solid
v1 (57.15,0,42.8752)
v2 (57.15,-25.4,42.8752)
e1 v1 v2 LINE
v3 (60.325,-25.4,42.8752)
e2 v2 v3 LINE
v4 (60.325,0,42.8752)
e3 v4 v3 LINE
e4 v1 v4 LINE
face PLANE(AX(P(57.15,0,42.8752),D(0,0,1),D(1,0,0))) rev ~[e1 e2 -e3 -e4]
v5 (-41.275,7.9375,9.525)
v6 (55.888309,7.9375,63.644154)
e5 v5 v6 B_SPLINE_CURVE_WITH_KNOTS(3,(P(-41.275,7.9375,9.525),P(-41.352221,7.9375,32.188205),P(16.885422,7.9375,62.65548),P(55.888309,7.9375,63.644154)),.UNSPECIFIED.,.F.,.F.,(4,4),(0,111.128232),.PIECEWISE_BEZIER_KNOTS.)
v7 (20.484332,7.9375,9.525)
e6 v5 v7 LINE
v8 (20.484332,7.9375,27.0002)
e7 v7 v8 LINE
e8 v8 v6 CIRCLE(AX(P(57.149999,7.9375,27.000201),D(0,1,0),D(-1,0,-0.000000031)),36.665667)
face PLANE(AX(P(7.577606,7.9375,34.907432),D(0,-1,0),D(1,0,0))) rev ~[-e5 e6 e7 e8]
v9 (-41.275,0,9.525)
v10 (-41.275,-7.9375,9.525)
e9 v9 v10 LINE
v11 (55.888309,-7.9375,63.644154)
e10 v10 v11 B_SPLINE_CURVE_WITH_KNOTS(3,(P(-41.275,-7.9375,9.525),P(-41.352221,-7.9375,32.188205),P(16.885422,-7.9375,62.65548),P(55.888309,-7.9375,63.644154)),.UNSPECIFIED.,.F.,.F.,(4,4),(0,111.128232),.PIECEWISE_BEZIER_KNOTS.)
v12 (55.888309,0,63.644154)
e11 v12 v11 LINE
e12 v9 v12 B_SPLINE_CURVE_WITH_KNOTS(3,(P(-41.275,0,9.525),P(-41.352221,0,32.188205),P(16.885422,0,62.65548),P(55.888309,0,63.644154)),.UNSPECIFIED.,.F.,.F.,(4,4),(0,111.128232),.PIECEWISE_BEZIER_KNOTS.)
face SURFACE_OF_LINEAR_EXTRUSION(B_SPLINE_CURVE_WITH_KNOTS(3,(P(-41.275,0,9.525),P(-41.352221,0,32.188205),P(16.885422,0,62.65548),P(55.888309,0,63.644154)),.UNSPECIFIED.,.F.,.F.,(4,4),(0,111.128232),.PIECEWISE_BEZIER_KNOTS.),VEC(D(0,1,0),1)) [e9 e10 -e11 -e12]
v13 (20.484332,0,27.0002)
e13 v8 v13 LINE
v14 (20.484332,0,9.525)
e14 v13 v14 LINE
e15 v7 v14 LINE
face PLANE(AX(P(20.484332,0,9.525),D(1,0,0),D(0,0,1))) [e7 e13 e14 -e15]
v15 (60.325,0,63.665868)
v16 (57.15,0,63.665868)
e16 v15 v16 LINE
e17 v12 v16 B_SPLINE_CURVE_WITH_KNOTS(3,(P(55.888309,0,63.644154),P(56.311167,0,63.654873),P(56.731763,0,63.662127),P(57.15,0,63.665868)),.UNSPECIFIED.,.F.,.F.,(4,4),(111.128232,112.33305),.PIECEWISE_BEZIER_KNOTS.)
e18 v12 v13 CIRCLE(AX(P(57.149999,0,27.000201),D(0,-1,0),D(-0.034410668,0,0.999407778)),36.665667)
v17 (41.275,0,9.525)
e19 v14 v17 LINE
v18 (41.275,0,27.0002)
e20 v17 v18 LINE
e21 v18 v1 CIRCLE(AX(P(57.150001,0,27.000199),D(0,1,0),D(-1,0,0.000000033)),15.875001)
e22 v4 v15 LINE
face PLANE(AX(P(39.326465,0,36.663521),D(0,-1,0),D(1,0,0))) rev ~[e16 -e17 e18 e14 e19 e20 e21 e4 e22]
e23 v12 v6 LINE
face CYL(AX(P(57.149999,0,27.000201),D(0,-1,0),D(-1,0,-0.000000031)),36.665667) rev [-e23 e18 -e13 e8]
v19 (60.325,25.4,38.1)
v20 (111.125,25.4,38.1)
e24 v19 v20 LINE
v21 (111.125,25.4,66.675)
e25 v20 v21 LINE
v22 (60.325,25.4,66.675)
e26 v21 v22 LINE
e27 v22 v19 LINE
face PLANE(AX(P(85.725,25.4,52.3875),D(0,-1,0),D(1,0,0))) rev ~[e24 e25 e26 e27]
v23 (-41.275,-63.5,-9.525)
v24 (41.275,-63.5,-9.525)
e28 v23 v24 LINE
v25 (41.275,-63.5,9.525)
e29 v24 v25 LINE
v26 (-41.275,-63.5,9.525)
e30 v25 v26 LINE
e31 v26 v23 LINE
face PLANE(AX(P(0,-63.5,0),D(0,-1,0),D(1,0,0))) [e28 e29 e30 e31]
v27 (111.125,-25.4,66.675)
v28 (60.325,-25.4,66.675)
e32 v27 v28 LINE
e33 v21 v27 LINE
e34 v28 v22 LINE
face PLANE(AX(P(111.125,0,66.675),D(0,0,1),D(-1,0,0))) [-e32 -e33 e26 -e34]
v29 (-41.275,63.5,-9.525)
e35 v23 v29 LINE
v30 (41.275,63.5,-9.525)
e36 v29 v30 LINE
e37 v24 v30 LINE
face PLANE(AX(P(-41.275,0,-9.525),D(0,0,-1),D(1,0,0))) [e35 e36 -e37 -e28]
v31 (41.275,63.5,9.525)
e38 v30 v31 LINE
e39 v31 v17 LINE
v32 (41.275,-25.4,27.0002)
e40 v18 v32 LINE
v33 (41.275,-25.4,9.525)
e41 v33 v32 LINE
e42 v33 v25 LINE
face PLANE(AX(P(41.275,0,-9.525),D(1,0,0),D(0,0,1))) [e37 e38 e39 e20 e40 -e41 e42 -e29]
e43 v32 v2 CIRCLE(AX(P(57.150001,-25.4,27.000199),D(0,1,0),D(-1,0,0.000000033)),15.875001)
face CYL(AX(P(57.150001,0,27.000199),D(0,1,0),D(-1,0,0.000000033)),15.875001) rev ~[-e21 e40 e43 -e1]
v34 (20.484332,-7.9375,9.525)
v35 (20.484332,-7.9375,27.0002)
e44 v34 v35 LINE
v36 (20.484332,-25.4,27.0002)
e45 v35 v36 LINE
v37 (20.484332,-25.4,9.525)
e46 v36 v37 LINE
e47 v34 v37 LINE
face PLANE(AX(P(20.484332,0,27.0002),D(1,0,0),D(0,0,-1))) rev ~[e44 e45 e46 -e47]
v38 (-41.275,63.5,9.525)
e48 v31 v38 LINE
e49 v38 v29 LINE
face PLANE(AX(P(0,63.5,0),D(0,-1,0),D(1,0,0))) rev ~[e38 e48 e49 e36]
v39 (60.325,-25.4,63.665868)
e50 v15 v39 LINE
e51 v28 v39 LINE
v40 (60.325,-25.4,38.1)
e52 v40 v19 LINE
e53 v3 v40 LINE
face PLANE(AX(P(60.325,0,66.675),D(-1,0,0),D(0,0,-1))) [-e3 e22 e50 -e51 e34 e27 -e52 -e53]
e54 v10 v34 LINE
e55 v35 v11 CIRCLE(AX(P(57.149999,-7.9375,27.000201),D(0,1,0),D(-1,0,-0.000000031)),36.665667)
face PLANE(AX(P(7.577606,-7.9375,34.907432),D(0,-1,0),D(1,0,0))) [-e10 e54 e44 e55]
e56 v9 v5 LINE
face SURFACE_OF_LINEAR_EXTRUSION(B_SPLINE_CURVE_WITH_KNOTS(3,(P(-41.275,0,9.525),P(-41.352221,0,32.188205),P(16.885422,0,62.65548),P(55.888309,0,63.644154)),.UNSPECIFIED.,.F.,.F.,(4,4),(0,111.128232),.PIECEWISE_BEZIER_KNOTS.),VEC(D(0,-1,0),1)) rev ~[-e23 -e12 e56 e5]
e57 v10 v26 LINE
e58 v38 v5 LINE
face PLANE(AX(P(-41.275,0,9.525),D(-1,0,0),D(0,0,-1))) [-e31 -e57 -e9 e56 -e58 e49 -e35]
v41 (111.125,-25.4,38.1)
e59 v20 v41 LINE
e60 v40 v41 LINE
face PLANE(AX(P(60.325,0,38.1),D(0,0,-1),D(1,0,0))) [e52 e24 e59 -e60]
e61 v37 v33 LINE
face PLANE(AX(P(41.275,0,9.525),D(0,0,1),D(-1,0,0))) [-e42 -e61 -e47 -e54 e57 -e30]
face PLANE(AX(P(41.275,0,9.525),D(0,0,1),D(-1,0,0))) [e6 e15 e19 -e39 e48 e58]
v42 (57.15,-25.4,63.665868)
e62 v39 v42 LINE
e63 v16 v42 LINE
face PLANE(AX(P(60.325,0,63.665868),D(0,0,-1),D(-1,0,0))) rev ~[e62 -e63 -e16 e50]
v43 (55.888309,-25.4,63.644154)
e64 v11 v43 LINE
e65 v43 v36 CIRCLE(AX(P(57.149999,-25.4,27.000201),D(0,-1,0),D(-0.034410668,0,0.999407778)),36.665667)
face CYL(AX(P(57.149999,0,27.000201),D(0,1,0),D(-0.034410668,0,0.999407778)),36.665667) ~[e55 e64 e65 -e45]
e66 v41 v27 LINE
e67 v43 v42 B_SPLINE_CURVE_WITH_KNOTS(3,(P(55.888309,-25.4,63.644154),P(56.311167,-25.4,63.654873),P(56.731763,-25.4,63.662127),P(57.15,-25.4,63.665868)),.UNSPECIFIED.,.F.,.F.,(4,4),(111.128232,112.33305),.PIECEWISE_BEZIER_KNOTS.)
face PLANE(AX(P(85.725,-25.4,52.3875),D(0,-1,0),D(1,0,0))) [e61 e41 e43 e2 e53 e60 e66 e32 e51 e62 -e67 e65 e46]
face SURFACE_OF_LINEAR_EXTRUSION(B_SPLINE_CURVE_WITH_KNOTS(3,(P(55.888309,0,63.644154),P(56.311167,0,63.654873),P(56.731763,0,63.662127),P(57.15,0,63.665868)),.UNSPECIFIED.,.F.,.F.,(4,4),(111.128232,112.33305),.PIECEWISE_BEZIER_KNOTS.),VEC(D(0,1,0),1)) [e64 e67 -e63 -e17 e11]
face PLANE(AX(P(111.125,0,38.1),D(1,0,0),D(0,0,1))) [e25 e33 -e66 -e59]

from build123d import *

# Parameters (mm, degrees)
F1_DEPTH = 63.5
F2_DEPTH = 25.4
F3_DEPTH = 7.9375
F4_DEPTH = 25.4


with BuildPart() as f1:
    # F0 (on Front) → F1 (new body, symmetric)
    with BuildSketch(Plane.XZ):
        Polygon((41.275, -9.525), (41.275, 9.525), (20.484332, 9.525), (-41.275, 9.525), (-41.275, -9.525), align=None)
    extrude(amount=F1_DEPTH, both=True)

    # F0 (on Front) → F2 (join)
    with BuildSketch(Plane.XZ):
        with BuildLine():
            Line((20.484332, 9.525), (41.275, 9.525))
            Line((41.275, 9.525), (41.275, 27.0002))
            ThreePointArc((41.275, 27.0002), (45.92468, 38.22552), (57.15, 42.8752))
            Line((57.15, 42.8752), (60.325, 42.8752))
            Line((60.325, 42.8752), (60.325, 63.665868))
            Line((60.325, 63.665868), (57.15, 63.665868))
            add(Edge.make_bspline(
                [(55.888309, 63.644154), (56.311167, 63.654873), (56.731763, 63.662127), (57.15, 63.665868)],
                knots=[111.128232, 111.128232, 111.128232, 111.128232, 112.33305, 112.33305, 112.33305, 112.33305], degree=3))
            ThreePointArc((55.888309, 63.644154), (30.781155, 52.476763), (20.484332, 27.0002))
            Line((20.484332, 27.0002), (20.484332, 9.525))
        make_face()
    extrude(amount=F2_DEPTH)

    # F0 (on Front) → F3 (join, symmetric)
    with BuildSketch(Plane.XZ):
        with BuildLine():
            Line((-41.275, 9.525), (20.484332, 9.525))
            Line((20.484332, 9.525), (20.484332, 27.0002))
            ThreePointArc((20.484332, 27.0002), (30.781155, 52.476763), (55.888309, 63.644154))
            add(Edge.make_bspline(
                [(-41.275, 9.525), (-41.352221, 32.188205), (16.885422, 62.65548), (55.888309, 63.644154)],
                knots=[0, 0, 0, 0, 111.128232, 111.128232, 111.128232, 111.128232], degree=3))
        make_face()
    extrude(amount=F3_DEPTH, both=True)

    # F0 (on Front) → F4 (join, symmetric)
    with BuildSketch(Plane.XZ):
        Polygon((60.325, 63.665868), (60.325, 42.8752), (60.325, 38.1), (111.125, 38.1), (111.125, 66.675), (60.325, 66.675), align=None)
    extrude(amount=F4_DEPTH, both=True)


solid = f1.part
